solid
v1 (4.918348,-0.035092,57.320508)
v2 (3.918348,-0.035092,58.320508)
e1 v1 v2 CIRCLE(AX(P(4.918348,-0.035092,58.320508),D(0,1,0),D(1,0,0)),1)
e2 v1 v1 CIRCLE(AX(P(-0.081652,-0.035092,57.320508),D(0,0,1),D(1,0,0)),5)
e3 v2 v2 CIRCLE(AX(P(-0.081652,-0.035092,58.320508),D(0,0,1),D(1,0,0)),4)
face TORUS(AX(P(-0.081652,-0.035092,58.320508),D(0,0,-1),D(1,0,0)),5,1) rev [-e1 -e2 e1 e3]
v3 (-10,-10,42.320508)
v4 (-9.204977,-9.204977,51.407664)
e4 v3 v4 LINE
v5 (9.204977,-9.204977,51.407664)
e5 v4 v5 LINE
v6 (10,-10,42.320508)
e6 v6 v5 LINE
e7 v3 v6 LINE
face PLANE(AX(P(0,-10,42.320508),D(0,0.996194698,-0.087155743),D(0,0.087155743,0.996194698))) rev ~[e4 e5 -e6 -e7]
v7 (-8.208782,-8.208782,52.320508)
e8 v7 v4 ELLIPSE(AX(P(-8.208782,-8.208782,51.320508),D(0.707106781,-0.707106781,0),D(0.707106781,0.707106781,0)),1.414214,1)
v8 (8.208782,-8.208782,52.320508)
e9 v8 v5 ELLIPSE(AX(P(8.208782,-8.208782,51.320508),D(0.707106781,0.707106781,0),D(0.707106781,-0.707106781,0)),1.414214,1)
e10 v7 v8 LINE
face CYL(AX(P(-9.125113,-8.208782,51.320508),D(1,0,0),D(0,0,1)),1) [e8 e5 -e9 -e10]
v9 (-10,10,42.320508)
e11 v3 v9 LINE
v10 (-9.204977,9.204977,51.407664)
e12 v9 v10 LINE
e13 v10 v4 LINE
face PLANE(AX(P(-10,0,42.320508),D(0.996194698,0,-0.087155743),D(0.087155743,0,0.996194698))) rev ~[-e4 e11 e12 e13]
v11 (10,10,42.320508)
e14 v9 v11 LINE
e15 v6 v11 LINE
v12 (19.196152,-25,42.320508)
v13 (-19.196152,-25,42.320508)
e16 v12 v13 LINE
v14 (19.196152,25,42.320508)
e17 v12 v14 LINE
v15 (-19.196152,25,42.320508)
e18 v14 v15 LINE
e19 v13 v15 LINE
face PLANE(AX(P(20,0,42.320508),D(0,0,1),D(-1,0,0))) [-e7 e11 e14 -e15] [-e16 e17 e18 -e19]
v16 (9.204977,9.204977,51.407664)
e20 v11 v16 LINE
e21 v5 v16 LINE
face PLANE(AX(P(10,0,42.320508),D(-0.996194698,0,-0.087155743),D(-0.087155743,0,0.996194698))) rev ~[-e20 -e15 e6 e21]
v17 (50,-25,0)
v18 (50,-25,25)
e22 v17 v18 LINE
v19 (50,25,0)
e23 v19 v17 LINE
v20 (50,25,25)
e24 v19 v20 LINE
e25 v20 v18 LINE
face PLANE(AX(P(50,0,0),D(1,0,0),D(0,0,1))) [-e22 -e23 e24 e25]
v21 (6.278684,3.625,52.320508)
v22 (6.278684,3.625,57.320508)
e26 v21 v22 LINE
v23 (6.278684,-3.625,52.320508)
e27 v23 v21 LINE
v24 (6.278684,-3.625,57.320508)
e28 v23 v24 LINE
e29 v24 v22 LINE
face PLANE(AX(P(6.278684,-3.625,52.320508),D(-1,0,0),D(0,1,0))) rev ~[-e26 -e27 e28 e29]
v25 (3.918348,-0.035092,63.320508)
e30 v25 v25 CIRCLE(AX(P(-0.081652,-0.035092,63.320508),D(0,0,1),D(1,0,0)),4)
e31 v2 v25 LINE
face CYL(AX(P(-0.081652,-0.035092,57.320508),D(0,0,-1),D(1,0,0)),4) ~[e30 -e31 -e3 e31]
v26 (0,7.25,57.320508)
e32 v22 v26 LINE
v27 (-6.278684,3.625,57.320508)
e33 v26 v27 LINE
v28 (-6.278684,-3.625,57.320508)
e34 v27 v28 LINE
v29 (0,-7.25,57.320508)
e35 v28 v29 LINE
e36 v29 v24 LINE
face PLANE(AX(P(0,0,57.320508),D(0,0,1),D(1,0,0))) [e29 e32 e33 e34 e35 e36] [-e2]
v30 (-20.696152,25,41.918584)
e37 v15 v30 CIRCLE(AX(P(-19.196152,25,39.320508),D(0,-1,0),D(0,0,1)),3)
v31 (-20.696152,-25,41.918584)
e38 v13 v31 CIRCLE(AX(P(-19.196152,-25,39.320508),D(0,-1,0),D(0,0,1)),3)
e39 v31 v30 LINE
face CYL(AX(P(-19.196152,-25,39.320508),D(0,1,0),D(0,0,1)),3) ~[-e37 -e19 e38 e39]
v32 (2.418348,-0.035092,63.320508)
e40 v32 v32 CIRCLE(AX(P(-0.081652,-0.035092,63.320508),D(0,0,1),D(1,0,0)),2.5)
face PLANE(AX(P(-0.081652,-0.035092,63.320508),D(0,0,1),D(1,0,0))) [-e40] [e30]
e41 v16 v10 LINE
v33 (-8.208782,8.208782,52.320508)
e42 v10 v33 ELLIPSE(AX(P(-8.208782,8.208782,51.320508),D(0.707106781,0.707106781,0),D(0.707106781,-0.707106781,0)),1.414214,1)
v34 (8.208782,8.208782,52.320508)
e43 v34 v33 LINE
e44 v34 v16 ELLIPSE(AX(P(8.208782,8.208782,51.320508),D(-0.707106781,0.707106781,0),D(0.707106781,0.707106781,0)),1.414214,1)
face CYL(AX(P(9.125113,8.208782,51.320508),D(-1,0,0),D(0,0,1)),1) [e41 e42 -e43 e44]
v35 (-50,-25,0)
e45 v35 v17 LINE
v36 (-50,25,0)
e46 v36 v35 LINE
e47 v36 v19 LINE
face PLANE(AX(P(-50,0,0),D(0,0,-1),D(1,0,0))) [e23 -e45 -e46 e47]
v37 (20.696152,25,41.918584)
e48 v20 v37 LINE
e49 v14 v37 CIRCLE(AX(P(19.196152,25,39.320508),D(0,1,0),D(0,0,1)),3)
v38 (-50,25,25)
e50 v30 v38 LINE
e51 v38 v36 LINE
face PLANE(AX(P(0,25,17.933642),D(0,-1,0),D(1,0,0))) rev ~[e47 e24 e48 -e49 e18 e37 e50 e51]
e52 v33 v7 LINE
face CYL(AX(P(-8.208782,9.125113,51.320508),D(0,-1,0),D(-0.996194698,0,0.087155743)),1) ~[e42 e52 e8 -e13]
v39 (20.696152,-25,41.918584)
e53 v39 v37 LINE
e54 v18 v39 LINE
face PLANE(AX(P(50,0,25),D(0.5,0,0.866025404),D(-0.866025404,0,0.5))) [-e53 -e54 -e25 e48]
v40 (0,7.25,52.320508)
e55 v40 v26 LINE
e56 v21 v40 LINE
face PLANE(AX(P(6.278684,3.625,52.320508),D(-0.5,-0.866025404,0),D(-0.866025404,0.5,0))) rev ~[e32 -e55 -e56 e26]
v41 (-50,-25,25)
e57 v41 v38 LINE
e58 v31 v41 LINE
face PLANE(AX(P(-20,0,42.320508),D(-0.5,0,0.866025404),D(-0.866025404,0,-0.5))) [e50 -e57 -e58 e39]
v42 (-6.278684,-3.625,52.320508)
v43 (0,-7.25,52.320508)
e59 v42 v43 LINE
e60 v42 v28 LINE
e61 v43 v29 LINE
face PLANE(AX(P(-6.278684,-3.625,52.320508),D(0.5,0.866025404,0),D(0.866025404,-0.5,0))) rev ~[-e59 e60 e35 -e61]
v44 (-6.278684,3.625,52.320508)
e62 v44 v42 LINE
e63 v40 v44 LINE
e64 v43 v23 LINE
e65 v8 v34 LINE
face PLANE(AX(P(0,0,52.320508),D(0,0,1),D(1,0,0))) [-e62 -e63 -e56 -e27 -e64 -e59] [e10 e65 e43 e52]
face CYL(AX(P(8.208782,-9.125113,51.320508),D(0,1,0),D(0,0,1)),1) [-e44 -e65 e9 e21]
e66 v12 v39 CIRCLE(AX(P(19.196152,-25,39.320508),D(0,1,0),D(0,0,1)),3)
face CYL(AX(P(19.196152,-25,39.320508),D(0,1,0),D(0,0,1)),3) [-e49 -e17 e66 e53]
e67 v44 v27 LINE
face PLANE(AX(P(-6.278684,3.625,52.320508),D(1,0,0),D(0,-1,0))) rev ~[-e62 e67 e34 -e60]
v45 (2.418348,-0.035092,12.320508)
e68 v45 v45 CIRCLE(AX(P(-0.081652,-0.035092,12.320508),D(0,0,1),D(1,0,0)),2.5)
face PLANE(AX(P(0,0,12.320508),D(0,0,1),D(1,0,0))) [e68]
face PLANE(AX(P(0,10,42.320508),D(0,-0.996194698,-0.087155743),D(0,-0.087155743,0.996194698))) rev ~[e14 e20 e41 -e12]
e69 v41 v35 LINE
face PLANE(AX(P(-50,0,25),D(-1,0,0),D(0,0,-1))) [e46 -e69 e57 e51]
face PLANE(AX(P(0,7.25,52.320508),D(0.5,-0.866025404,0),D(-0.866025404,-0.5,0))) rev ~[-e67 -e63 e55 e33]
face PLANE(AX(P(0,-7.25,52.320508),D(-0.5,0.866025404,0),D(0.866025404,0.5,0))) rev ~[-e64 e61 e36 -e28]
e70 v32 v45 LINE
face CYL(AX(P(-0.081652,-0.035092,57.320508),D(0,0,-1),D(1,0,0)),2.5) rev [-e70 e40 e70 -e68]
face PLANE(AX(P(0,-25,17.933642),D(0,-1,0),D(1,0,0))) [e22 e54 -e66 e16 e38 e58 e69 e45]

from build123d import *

# Parameters (mm, degrees)
F1_DEPTH = 25
F2_W     = 20
F2_H     = 20
F3_DEPTH = 10
F3_TAPER = 5
F5_DEPTH = 5
F6_R     = 4
F6_R_2   = 2.5
F7_DEPTH = 6
F8_DEPTH = 45
F9_R     = 1
F10_R    = 3


with BuildPart() as f1:
    # F0 (on Front) → F1 (new body, symmetric)
    with BuildSketch(Plane.XZ):
        Polygon((-50, 25), (-50, 0), (50, 0), (50, 25), (20, 42.3205080757), (-20, 42.3205080757), align=None)
    extrude(amount=F1_DEPTH, both=True)

    # F2 (on face) → F3 (join)
    with BuildSketch(Plane.XY.offset(42.3205080757)):
        Rectangle(F2_W, F2_H)
    extrude(amount=F3_DEPTH, taper=F3_TAPER)

    # F4 (on face) → F5 (join)
    with BuildSketch(Plane.XY.offset(52.3205080757)):
        Polygon((-6.2786841774, -3.625), (0, -7.25), (6.2786841774, -3.625), (6.2786841774, 3.625), (0, 7.25), (-6.2786841774, 3.625), align=None)
    extrude(amount=F5_DEPTH)

    # F6 (on face) → F7 (join)
    with BuildSketch(Plane.XY.offset(57.3205080757)):
        with Locations((-0.0816522495, -0.0350918563)):
            Circle(F6_R)
        with Locations((-0.0816522495, -0.0350918563)):
            Circle(F6_R_2, mode=Mode.SUBTRACT)
    extrude(amount=F7_DEPTH)

    # F8 (cut): a face of the model
    f8_faces = [f1.faces().sort_by_distance(p)[0] for p in [
        (-0.0816522495, -0.0350918563, 57.3205080757),
    ]]
    extrude(f8_faces, amount=-F8_DEPTH, mode=Mode.SUBTRACT)

    # F9
    f9_edges = [f1.edges().sort_by_distance(p)[0] for p in [
        (0, -9.125113, 52.320508),
        (-9.125113, 0, 52.320508),
        (9.125113, 0, 52.320508),
        (0, 9.125113, 52.320508),
        (-4.081652, -0.035092, 57.320508),
    ]]
    fillet(f9_edges, radius=F9_R)

    # F10
    f10_edges = [f1.edges().sort_by_distance(p)[0] for p in [
        (-20, 0, 42.320508),
        (20, 0, 42.320508),
    ]]
    fillet(f10_edges, radius=F10_R)


solid = f1.part
